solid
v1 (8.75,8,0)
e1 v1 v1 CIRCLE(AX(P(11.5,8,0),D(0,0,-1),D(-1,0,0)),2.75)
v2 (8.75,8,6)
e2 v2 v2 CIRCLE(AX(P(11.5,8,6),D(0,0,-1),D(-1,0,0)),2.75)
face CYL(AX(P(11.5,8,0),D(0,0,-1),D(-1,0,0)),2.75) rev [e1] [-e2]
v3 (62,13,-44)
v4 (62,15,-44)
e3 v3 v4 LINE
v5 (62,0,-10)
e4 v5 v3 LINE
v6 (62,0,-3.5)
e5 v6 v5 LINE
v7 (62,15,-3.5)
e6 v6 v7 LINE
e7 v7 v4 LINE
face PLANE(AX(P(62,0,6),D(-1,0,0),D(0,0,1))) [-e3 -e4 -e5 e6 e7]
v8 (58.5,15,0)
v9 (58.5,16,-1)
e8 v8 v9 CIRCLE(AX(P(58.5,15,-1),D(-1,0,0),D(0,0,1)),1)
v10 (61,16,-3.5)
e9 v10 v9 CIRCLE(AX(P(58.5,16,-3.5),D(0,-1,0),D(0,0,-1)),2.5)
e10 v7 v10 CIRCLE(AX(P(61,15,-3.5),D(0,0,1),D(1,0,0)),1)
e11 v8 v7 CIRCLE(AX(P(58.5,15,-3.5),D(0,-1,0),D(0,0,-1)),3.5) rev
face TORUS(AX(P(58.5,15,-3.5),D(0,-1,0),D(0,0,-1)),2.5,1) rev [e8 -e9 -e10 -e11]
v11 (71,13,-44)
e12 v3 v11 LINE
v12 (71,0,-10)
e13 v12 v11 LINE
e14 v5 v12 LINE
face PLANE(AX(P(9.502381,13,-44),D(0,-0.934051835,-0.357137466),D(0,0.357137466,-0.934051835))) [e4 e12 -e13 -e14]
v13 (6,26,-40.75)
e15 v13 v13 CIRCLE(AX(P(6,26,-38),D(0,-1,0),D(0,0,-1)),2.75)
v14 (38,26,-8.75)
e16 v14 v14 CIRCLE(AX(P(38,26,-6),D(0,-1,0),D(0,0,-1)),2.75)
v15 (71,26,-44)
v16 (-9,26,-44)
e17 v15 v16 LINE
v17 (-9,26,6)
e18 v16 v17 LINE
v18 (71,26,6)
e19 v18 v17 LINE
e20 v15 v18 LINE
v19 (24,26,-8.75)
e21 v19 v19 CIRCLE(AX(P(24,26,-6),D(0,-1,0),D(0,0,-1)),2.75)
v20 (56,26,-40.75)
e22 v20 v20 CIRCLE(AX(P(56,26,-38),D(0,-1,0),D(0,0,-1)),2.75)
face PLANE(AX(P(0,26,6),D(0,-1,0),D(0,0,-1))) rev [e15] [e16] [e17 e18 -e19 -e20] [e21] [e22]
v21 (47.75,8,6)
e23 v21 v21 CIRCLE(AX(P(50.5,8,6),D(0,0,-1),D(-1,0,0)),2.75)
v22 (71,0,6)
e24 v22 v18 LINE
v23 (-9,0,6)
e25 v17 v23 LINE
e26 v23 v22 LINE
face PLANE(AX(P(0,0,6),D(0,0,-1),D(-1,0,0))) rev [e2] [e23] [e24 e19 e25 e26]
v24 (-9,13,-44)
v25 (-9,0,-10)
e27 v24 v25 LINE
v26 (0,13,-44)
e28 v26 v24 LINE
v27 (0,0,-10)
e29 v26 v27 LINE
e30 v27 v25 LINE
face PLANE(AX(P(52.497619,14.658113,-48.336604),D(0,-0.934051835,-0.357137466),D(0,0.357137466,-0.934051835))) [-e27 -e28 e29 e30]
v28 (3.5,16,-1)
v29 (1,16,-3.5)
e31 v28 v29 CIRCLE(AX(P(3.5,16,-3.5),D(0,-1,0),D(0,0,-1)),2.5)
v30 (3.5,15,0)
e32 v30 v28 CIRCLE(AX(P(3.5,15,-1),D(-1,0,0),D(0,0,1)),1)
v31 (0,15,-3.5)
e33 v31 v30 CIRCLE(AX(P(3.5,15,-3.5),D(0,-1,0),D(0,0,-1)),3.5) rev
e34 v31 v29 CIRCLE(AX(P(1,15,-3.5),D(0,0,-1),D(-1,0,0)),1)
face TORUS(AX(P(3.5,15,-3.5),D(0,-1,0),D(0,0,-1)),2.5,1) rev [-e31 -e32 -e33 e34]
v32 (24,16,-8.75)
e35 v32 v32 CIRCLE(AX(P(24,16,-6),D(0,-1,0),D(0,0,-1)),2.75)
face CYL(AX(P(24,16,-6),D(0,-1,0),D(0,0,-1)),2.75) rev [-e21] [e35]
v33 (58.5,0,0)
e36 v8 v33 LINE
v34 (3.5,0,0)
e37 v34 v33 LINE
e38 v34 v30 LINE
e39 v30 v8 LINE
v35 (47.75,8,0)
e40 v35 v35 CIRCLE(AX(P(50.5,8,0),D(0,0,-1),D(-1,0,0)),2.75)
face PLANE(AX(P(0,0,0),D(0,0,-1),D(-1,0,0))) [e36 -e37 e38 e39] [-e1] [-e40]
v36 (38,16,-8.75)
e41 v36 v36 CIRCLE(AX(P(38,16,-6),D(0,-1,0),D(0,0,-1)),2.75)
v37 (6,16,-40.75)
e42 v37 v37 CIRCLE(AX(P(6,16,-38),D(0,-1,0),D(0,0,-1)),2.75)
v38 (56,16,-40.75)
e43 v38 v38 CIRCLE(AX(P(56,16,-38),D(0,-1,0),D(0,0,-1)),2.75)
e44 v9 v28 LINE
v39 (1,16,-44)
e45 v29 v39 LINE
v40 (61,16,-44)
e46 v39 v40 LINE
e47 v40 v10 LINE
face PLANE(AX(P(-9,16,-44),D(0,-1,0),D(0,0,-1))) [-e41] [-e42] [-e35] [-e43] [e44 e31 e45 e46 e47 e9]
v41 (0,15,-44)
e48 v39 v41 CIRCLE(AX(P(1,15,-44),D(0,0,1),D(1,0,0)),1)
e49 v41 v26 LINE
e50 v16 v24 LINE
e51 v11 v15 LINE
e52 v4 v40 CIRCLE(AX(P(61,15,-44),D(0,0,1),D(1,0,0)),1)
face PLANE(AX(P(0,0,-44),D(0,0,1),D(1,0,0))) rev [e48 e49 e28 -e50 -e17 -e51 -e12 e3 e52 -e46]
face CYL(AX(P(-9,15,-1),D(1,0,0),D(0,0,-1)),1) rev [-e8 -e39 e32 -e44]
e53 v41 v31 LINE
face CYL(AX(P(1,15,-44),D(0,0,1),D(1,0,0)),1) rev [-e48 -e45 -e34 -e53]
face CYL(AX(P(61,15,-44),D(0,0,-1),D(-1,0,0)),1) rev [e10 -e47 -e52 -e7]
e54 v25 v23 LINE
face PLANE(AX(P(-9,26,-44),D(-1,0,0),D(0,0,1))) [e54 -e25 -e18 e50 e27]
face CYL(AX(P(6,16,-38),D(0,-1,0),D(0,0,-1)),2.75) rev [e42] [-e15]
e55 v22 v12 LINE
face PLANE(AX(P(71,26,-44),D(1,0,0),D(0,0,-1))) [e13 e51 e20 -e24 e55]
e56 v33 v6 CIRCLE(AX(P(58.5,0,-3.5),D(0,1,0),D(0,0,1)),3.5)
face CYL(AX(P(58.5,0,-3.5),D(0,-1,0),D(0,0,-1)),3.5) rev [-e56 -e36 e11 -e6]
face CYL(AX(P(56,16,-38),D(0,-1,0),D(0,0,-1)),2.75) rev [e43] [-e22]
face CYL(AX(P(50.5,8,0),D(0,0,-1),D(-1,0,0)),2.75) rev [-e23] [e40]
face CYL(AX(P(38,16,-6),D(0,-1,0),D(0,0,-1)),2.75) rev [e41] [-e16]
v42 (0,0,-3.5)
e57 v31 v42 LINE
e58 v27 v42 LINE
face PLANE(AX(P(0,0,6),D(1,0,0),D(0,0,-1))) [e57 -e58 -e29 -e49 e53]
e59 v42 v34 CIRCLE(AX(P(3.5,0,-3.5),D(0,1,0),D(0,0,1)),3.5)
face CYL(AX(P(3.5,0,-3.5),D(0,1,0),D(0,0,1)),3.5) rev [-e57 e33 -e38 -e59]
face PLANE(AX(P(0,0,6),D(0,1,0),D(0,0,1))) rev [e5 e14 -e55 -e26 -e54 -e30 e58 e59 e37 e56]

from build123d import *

# Parameters (mm, degrees)
SKETCH1_W                = 62
SKETCH1_H                = 26
BOSS_EXTRUDE1_DEPTH      = 6
SKETCH2_W                = 80
SKETCH2_H                = 10
BOSS_EXTRUDE2_DEPTH      = 50
M5_CLEARANCE_HOLE1_D     = 5.5
M5_CLEARANCE_HOLE1_DEPTH = 10
M5_CLEARANCE_HOLE1_TIP   = 1.652366702
BOSS_EXTRUDE3_DEPTH      = 9
BOSS_EXTRUDE4_START      = -80
BOSS_EXTRUDE4_DEPTH      = 9
M5_CLEARANCE_HOLE2_D     = 5.5
M5_CLEARANCE_HOLE2_DEPTH = 10
M5_CLEARANCE_HOLE2_TIP   = 1.652366702
FILLET1_R                = 3.5
FILLET2_R                = 1


with BuildPart() as part:
    # Sketch1 → Boss-Extrude1 (new body)
    with BuildSketch(Plane.XY):
        with Locations((31, 13)):
            Rectangle(SKETCH1_W, SKETCH1_H)
    extrude(amount=BOSS_EXTRUDE1_DEPTH)

    # Sketch2 → Boss-Extrude2 (add)
    with BuildSketch(Plane.XY.offset(6)):
        with Locations((31, 21)):
            Rectangle(SKETCH2_W, SKETCH2_H)
    extrude(amount=-BOSS_EXTRUDE2_DEPTH)

    # M5 Clearance Hole1
    with Locations(Plane(origin=(0, 0, 0), x_dir=(-1, 0, 0), z_dir=(0, 0, -1))):
        with Locations((-50.5, 8), (-11.5, 8)):
            Hole(M5_CLEARANCE_HOLE1_D / 2, depth=M5_CLEARANCE_HOLE1_DEPTH)
            with Locations((0, 0, -(M5_CLEARANCE_HOLE1_DEPTH + M5_CLEARANCE_HOLE1_TIP / 2))):  # 118° drill point
                Cone(0, M5_CLEARANCE_HOLE1_D / 2, M5_CLEARANCE_HOLE1_TIP, mode=Mode.SUBTRACT)

    # Sketch5 → Boss-Extrude3 (add)
    with BuildSketch(Plane(origin=(71, 0, 0), x_dir=(0, 0, -1), z_dir=(1, 0, 0))):
        Polygon((-6, 0), (10, 0), (44, 13), (44, 16), (-6, 16), align=None)
    extrude(amount=-BOSS_EXTRUDE3_DEPTH)

    # Sketch5<2> → Boss-Extrude4 (add)
    with BuildSketch(Plane(origin=(71, 0, 0), x_dir=(0, 0, -1), z_dir=(1, 0, 0)).offset(BOSS_EXTRUDE4_START)):
        Polygon((-6, 0), (10, 0), (44, 13), (44, 16), (-6, 16), align=None)
    extrude(amount=BOSS_EXTRUDE4_DEPTH)

    # M5 Clearance Hole2
    with Locations(Plane(origin=(0, 16, 0), x_dir=(-1, 0, 0), z_dir=(0, -1, 0))):
        with Locations((-38, 6), (-24, 6), (-56, 38), (-6, 38)):
            Hole(M5_CLEARANCE_HOLE2_D / 2, depth=M5_CLEARANCE_HOLE2_DEPTH)
            with Locations((0, 0, -(M5_CLEARANCE_HOLE2_DEPTH + M5_CLEARANCE_HOLE2_TIP / 2))):  # 118° drill point
                Cone(0, M5_CLEARANCE_HOLE2_D / 2, M5_CLEARANCE_HOLE2_TIP, mode=Mode.SUBTRACT)

    # Fillet1
    fillet1_edges = [part.edges().sort_by_distance(p)[0] for p in [
        (0, 8, 0),
        (62, 8, 0),
    ]]
    fillet(fillet1_edges, radius=FILLET1_R)

    # Fillet2
    fillet2_edges = [part.edges().sort_by_distance(p)[0] for p in [
        (0, 16, -23.75),
        (31, 16, 0),
        (1.025126266, 16, -1.025126266),
        (60.974873734, 16, -1.025126266),
        (62, 16, -23.75),
    ]]
    fillet(fillet2_edges, radius=FILLET2_R)


solid = part.part
